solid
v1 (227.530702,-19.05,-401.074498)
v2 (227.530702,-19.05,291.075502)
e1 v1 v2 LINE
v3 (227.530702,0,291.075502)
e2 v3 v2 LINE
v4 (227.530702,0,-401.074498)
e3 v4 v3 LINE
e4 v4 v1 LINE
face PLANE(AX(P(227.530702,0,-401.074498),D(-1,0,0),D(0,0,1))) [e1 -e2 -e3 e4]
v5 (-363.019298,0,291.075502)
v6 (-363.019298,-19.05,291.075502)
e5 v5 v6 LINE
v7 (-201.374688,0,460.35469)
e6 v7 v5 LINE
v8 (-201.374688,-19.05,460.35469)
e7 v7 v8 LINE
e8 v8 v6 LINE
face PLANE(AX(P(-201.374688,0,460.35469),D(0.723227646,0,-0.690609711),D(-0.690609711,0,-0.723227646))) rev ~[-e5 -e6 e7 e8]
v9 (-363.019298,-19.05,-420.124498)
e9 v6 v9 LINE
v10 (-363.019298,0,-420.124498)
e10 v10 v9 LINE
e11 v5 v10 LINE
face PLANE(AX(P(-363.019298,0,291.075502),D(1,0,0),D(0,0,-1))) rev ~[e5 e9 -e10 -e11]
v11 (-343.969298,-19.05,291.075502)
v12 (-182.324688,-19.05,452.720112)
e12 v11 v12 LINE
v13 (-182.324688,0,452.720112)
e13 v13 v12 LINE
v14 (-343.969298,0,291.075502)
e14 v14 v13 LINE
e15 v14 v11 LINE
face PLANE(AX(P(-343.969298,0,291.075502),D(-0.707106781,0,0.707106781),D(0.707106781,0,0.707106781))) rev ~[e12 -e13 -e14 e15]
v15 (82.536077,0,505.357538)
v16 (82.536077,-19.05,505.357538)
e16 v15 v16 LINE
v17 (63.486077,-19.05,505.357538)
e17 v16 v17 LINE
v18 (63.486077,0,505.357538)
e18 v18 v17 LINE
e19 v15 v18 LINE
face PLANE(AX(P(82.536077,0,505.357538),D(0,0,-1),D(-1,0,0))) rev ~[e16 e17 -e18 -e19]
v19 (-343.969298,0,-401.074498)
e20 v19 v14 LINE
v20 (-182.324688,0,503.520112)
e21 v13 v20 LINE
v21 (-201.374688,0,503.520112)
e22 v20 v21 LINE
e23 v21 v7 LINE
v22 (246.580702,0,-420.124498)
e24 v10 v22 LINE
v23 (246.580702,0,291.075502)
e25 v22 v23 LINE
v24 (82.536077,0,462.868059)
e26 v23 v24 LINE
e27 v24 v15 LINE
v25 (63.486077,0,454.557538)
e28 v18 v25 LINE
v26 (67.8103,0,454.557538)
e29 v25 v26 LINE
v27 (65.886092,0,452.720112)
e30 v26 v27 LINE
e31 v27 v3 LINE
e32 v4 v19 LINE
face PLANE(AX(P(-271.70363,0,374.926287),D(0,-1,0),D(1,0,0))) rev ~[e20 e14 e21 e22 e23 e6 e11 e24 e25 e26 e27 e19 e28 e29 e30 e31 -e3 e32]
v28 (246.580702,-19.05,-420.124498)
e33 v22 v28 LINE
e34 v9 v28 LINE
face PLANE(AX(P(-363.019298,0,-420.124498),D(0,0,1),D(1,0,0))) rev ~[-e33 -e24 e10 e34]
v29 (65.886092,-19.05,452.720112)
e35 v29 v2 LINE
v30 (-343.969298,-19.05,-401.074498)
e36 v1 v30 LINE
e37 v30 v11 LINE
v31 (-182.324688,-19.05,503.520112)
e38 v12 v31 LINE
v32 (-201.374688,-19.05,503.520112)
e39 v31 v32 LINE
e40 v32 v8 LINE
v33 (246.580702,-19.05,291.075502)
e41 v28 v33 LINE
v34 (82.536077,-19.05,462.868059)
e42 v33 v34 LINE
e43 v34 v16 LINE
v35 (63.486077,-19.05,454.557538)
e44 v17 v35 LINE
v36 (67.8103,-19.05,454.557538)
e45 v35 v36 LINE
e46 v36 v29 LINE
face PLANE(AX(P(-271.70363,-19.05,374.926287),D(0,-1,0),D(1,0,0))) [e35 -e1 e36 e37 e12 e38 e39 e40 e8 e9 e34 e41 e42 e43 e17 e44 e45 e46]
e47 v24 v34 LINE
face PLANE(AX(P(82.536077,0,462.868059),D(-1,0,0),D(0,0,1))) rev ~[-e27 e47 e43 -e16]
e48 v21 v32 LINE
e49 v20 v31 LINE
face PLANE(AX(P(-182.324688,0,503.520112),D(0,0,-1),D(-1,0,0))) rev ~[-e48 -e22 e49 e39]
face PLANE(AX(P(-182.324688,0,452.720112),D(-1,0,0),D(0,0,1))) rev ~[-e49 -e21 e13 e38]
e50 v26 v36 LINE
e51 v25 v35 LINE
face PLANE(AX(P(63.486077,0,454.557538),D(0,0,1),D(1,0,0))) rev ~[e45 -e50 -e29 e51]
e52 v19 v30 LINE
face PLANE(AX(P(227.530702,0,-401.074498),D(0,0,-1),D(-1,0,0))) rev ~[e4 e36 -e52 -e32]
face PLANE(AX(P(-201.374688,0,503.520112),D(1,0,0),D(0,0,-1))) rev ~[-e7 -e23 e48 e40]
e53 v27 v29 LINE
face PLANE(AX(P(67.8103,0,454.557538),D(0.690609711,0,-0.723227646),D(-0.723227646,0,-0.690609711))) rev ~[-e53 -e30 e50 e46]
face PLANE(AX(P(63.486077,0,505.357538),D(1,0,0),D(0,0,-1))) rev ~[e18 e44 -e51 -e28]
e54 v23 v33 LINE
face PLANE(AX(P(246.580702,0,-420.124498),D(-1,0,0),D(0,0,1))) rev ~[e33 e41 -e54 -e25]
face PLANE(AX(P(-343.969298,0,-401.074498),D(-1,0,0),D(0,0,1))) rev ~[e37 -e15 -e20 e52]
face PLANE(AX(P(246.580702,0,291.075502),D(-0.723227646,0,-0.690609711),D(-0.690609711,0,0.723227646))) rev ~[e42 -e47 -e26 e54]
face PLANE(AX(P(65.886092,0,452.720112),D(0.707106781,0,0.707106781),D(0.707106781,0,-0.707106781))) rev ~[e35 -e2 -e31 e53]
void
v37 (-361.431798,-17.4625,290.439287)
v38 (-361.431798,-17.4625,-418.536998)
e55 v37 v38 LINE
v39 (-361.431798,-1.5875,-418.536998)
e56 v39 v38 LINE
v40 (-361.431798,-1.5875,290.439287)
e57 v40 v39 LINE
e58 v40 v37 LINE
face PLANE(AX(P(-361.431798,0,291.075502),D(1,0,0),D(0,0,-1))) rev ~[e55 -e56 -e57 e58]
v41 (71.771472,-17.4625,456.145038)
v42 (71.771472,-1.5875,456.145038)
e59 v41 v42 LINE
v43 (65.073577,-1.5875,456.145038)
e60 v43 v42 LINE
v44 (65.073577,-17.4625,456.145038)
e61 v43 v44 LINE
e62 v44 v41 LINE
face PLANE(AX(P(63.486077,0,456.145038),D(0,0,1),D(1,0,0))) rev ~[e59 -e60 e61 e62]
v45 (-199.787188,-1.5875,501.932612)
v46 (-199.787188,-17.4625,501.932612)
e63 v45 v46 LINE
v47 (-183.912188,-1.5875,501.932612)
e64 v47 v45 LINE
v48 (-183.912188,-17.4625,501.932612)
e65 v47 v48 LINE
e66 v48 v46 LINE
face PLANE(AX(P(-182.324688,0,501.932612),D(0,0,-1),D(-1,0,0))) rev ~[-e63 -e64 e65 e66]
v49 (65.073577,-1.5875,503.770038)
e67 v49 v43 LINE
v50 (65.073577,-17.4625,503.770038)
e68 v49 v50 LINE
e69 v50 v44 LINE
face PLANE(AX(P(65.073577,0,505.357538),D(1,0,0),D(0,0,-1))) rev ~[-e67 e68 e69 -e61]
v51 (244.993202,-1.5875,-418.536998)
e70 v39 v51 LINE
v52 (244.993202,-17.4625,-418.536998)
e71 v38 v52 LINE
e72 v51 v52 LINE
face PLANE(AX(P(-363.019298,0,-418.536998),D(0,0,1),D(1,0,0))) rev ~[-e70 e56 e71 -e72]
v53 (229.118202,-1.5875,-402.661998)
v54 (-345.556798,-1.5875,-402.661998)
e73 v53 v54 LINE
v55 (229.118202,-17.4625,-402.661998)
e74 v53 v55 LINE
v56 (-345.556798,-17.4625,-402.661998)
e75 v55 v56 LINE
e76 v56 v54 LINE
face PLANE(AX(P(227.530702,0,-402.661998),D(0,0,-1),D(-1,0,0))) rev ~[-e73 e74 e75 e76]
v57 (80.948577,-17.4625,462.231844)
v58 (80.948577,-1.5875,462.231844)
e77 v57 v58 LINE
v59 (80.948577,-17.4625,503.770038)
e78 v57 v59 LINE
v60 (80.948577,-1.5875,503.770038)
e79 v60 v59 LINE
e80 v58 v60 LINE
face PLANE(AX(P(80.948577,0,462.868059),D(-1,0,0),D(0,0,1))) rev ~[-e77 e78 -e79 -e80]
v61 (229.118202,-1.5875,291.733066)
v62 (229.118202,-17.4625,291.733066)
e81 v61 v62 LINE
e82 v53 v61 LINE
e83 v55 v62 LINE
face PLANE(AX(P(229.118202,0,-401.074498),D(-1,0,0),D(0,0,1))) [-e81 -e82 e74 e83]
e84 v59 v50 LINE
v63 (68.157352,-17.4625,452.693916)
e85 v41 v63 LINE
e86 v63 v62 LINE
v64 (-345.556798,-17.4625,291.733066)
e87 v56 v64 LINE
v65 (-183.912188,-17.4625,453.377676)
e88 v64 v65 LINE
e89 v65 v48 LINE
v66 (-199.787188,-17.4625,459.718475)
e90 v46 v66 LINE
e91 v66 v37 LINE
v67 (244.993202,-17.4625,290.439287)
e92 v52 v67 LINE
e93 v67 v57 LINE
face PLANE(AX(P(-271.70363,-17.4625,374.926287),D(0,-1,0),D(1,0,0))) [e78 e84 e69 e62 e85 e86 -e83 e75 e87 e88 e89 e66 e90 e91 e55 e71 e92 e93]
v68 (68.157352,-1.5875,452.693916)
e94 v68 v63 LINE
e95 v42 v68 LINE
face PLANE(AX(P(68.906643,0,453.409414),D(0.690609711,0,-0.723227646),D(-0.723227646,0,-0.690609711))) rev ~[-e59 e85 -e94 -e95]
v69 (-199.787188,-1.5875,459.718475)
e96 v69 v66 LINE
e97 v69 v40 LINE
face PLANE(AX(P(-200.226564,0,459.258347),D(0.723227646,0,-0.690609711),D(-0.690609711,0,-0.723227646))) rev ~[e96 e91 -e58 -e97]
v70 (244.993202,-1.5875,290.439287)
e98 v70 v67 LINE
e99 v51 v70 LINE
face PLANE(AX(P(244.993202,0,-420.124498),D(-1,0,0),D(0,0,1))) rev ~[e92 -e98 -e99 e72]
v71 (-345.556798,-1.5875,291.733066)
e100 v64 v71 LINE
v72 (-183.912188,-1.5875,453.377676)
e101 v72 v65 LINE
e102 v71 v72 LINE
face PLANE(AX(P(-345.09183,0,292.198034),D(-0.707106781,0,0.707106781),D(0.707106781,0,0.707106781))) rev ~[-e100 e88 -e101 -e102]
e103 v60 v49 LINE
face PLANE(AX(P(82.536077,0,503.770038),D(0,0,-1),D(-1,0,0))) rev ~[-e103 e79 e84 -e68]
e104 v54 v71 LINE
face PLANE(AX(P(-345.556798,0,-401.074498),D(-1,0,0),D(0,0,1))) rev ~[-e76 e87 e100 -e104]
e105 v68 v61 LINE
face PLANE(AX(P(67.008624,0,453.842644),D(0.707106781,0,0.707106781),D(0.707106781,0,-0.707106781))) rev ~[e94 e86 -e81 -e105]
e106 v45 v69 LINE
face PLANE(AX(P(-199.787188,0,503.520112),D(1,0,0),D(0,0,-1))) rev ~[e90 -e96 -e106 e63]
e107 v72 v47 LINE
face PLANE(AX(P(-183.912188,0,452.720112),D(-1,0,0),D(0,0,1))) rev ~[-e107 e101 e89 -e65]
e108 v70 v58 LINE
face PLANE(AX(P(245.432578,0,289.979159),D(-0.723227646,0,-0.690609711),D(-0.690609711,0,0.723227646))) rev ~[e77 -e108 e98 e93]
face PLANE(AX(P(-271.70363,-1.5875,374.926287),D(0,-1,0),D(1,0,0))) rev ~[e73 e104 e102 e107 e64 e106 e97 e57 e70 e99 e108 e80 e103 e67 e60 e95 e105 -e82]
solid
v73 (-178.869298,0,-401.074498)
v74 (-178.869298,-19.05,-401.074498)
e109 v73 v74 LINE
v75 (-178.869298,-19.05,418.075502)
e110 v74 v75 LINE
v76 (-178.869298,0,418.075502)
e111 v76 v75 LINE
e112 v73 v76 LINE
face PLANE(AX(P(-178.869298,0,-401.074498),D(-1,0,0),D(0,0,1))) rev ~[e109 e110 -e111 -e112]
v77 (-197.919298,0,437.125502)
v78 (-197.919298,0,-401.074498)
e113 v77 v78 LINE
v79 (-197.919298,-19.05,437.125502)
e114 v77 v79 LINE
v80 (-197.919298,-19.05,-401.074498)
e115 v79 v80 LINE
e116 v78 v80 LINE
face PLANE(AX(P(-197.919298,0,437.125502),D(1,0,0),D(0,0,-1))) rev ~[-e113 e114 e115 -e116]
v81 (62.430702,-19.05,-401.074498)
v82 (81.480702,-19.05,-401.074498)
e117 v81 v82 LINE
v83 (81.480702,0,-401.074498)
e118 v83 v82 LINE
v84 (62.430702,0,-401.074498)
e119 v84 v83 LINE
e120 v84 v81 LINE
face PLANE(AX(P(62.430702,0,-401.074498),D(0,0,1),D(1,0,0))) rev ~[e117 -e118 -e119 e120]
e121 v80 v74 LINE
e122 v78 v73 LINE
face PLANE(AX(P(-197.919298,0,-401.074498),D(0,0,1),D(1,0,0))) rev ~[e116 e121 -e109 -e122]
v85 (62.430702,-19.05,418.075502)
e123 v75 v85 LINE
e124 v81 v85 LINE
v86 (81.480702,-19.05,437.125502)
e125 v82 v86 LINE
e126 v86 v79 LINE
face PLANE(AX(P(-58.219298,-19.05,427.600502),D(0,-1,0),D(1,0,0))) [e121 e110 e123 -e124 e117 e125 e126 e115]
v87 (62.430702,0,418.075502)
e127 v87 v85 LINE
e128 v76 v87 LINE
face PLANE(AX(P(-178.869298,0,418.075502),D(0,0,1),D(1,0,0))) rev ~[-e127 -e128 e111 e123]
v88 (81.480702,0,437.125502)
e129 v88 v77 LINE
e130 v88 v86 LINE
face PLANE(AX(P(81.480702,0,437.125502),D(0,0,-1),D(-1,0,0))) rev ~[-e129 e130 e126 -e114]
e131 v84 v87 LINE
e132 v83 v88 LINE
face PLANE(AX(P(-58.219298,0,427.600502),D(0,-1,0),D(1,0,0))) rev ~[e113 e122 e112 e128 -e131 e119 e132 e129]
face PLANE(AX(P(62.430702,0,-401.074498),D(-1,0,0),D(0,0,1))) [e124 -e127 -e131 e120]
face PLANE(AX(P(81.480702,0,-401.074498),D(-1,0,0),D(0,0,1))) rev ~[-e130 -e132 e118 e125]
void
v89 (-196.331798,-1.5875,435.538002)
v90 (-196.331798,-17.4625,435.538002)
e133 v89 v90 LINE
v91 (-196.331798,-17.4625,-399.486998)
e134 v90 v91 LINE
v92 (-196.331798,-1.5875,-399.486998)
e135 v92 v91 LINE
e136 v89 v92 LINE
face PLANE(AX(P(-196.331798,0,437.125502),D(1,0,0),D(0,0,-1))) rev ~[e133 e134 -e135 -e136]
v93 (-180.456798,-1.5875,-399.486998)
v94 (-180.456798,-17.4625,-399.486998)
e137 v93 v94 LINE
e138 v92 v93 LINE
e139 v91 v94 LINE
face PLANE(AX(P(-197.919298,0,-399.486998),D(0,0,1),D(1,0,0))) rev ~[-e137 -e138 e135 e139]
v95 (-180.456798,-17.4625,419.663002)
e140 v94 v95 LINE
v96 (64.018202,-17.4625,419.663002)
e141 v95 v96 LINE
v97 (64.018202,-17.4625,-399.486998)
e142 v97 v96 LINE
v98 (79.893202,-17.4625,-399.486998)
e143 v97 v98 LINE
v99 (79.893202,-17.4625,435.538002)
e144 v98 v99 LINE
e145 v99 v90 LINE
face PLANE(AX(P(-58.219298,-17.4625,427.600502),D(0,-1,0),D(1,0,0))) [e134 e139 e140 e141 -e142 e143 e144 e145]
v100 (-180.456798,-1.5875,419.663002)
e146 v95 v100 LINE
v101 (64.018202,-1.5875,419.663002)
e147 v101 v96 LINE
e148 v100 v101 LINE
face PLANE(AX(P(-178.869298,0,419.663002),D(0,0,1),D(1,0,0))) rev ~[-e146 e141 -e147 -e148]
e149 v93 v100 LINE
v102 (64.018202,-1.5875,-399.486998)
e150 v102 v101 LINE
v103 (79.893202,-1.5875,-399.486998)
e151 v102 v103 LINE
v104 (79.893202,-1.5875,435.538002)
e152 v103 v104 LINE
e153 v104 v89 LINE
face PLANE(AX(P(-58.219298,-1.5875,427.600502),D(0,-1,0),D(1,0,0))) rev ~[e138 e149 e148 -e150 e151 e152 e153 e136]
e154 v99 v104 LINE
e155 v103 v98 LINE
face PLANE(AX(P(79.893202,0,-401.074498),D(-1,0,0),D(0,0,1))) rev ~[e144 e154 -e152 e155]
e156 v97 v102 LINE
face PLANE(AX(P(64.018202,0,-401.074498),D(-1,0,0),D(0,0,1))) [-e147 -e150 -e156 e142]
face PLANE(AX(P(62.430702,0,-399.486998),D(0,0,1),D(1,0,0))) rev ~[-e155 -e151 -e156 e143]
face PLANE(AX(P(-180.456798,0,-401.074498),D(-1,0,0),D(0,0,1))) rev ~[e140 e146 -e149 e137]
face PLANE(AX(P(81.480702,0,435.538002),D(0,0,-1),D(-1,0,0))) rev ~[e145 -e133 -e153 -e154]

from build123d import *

# Parameters (mm, degrees)
F0_W     = 19.05
F0_H     = 692.15
F1_DEPTH = 19.05
F2_W     = 19.05
F2_H     = 819.15
F3_DEPTH = 19.05
F4_T     = -1.5875


with BuildPart() as f1:
    # F0 (on Front) → F1 (new body)
    with BuildSketch(Plane.XZ):
        Polygon((-201.3746880207, 460.3546897234), (-363.0192981999, 291.0755020554), (-343.9692981999, 291.0755020554), (-182.3246880207, 452.7201122347), (-201.3746880207, 452.7201122347), align=None)
        Polygon((-343.9692981999, 291.0755020554), (-363.0192981999, 291.0755020554), (-363.0192981999, -420.1244979446), (-343.9692981999, -420.1244979446), (-343.9692981999, -401.0744979446), align=None)
        Polygon((-201.3746880207, 503.5201122347), (-201.3746880207, 460.3546897234), (-196.1021746691, 465.8762272256), (-182.3246880207, 452.7201122347), (-182.3246880207, 503.5201122347), align=None)
        Polygon((-196.1021746691, 465.8762272256), (-201.3746880207, 460.3546897234), (-201.3746880207, 452.7201122347), (-182.3246880207, 452.7201122347), align=None)
        Polygon((227.5307018001, -401.0744979446), (-343.9692981999, -401.0744979446), (-343.9692981999, -420.1244979446), (246.5807018001, -420.1244979446), (246.5807018001, -401.0744979446), align=None)
        with Locations((237.0557018001, -54.9994979446)):
            Rectangle(F0_W, F0_H)
        Polygon((65.8860916208, 452.7201122347), (227.5307018001, 291.0755020554), (246.5807018001, 291.0755020554), (82.5360768914, 462.8680586711), (82.5360768914, 454.5575380325), (67.8103002048, 454.5575380325), align=None)
        Polygon((82.5360768914, 454.5575380325), (82.5360768914, 462.8680586711), (79.6635782692, 465.8762272256), (67.8103002048, 454.5575380325), align=None)
        Polygon((79.6635782692, 465.8762272256), (82.5360768914, 462.8680586711), (82.5360768914, 505.3575380325), (63.4860768914, 505.3575380325), (63.4860768914, 454.5575380325), (67.8103002048, 454.5575380325), align=None)
    extrude(amount=F1_DEPTH)

    # F4 (hollow: no face is removed)
    offset(amount=F4_T, kind=Kind.INTERSECTION, mode=Mode.SUBTRACT)


with BuildPart() as f3:
    # F2 (on Front) → F3 (new body)
    with BuildSketch(Plane.XZ):
        Polygon((81.4807018001, 437.1255020554), (-197.9192981999, 437.1255020554), (-197.9192981999, 418.0755020554), (-178.8692981999, 418.0755020554), (62.4307018001, 418.0755020554), (81.4807018001, 418.0755020554), align=None)
        with Locations((-188.3942981999, 8.5005020554)):
            Rectangle(F2_W, F2_H)
        with Locations((71.9557018001, 8.5005020554)):
            Rectangle(F2_W, F2_H)
    extrude(amount=F3_DEPTH)

    # F4#2 (hollow: no face is removed)
    offset(amount=F4_T, kind=Kind.INTERSECTION, mode=Mode.SUBTRACT)


solid = Compound([f1.part, f3.part])
